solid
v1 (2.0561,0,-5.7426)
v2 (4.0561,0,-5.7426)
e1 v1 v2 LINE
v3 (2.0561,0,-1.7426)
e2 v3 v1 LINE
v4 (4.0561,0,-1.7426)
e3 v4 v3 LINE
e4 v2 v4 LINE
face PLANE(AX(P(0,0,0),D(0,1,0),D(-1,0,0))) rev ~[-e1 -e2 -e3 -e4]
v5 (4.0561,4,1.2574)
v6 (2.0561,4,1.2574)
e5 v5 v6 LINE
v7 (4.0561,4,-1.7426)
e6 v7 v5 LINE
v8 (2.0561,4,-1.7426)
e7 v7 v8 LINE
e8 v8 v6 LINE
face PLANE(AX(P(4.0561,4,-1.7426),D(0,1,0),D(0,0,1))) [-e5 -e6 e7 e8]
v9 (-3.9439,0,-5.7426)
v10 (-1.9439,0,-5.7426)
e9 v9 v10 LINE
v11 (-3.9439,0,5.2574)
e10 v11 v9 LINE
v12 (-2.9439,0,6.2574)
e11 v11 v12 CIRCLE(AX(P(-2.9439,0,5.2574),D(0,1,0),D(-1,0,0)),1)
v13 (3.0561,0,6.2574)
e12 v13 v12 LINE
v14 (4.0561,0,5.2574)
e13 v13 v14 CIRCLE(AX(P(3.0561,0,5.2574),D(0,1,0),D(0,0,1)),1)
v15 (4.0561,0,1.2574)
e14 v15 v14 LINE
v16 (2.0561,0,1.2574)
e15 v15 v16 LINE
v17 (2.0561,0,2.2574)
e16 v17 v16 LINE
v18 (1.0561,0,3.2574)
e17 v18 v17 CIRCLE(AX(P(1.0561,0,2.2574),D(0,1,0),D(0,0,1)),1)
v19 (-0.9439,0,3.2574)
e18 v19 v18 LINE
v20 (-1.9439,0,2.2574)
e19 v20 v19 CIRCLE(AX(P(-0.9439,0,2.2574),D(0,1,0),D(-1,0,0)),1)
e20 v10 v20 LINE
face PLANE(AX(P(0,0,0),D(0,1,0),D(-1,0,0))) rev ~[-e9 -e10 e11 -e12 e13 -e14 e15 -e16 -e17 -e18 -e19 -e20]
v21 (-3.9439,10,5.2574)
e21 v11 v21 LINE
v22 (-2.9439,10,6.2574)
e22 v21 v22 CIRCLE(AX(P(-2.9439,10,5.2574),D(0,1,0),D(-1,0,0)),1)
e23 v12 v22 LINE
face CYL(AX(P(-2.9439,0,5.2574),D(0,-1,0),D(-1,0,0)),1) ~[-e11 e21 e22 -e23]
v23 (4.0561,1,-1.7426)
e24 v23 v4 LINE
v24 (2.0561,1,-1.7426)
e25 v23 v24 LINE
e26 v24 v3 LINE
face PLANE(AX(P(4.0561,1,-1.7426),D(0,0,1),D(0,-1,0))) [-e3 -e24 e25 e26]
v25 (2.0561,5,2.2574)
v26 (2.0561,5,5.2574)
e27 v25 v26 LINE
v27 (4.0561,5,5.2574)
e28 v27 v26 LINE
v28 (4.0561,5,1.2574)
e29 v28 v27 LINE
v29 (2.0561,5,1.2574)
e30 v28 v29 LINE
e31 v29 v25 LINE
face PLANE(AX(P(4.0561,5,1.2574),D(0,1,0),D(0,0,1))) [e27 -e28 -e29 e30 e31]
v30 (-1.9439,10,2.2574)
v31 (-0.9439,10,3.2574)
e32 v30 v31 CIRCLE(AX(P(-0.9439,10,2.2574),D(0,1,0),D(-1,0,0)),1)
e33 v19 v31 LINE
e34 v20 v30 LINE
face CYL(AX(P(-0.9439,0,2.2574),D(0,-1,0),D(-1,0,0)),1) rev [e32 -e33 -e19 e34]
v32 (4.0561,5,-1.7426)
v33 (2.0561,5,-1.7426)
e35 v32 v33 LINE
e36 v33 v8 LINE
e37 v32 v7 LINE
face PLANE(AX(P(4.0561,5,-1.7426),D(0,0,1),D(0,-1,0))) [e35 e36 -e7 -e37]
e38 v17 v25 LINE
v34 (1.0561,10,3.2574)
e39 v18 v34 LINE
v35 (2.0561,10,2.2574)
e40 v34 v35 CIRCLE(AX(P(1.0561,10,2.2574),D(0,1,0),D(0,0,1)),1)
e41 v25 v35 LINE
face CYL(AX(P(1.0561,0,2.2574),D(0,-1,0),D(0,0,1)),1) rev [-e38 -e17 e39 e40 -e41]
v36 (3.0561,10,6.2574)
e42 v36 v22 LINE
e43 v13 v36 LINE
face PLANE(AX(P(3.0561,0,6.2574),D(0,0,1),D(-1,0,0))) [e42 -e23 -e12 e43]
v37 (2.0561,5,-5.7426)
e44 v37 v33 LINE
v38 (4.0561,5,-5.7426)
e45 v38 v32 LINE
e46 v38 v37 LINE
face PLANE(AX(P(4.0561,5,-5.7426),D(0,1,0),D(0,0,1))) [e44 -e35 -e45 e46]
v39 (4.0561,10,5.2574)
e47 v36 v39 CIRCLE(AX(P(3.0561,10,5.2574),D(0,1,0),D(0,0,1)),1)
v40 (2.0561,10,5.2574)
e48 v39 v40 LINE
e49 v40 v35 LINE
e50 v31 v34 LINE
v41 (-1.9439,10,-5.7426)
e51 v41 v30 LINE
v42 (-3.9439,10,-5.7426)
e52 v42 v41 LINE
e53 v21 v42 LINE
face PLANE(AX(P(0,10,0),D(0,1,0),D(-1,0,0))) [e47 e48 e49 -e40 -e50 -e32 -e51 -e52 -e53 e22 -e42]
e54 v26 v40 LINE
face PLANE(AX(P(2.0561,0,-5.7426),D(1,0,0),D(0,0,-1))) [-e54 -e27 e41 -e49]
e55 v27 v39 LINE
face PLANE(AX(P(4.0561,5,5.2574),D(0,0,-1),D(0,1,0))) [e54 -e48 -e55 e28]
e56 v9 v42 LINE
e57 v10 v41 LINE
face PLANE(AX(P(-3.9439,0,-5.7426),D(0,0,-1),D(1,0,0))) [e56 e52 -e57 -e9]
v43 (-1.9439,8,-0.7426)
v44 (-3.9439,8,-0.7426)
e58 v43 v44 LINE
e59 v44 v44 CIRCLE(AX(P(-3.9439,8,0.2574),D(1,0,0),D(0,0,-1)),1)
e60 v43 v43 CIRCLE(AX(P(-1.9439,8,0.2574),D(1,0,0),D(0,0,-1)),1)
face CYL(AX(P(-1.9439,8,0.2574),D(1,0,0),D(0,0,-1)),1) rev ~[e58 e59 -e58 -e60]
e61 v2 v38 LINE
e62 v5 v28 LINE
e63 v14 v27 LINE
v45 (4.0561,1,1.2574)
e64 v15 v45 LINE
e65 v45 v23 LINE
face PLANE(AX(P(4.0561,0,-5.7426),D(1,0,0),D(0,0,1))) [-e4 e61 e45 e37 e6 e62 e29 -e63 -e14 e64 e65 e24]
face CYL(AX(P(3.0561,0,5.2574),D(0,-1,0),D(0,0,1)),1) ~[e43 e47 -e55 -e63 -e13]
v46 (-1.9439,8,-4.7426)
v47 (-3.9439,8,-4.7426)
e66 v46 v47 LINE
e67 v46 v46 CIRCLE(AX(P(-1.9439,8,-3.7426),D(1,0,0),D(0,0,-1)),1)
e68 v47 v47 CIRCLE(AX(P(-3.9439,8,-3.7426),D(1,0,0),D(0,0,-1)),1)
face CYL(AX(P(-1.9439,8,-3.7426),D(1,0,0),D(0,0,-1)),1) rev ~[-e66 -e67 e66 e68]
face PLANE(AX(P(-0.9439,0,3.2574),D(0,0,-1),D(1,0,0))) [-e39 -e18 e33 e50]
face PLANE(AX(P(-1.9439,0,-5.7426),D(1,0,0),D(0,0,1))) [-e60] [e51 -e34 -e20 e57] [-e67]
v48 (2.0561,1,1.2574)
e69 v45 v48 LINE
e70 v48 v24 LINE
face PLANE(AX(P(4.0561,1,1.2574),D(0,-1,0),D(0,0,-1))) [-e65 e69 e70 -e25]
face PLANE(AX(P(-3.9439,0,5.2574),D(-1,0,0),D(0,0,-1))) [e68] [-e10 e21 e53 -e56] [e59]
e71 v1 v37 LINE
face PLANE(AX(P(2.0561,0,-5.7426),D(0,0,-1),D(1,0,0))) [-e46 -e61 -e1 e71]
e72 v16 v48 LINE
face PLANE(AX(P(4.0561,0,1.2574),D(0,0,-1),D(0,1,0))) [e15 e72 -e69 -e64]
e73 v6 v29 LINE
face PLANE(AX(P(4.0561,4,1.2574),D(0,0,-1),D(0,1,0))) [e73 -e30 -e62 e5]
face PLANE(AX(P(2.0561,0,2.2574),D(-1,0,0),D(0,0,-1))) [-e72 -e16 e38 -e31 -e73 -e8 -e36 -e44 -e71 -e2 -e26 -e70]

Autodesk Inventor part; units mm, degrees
ref_plane "YZ Plane" through (0, 0, 0) normal (1, 0, 0) x (0, 1, 0)
ref_plane "XZ Plane" through (0, 0, 0) normal (0, 1, 0) x (-1, 0, 0)
ref_plane "XY Plane" through (0, 0, 0) normal (0, 0, 1) x (1, 0, 0)
sketch "Sketch1" plane through (0, 0, 0) normal (0, 1, 0) x (-1, 0, 0)
  line L0 (-4.0561, -5.7426) -> (-4.0561, 5.2574)
  line L1 (-3.0561, 6.2574) -> (2.9439, 6.2574)
  line L2 (3.9439, 5.2574) -> (3.9439, -5.7426)
  line L3 (3.9439, -5.7426) -> (1.9439, -5.7426)
  line L4 (1.9439, -5.7426) -> (1.9439, 2.2574)
  line L5 (0.9439, 3.2574) -> (-1.0561, 3.2574)
  line L6 (-2.0561, 2.2574) -> (-2.0561, -5.7426)
  line L7 (-2.0561, -5.7426) -> (-4.0561, -5.7426)
  arc A0 (-1.0561, 3.2574) -> (-2.0561, 2.2574) centre (-1.0561, 2.2574) ccw
  arc A1 (1.9439, 2.2574) -> (0.9439, 3.2574) centre (0.9439, 2.2574) ccw
  arc A2 (-3.0561, 6.2574) -> (-4.0561, 5.2574) centre (-3.0561, 5.2574) ccw
  arc A3 (3.9439, 5.2574) -> (2.9439, 6.2574) centre (2.9439, 5.2574) ccw
  point P0 (0, 0)
  point P1 (-4.0561, 6.2574)
  point P2 (3.9439, 6.2574)
  point P3 (1.9439, 3.2574)
  point P4 (-2.0561, 3.2574)
  dimension "d0" = 12
  dimension "d1" = 2
  dimension "d2" = 2
  dimension "d3" = 8
  dimension "d4" = 3
  dimension "d20" = 1
extrude "Extrusion1" add sketch "Sketch1" along normal blind 10
sketch "Sketch4" plane through (4.0561, 0, -5.7426) normal (1, 0, 0) x (0, 0, -1)
  line L0 (0, 0) -> (0, 10) projected
  line L1 (0, 5) -> (-4, 5)
  line L2 (-4, 5) -> (-4, 4)
  line L3 (-4, 4) -> (-7, 4)
  line L4 (-7, 4) -> (-7, 5)
  line L5 (-7, 5) -> (-11, 5)
  line L6 (-11, 10) -> (0, 10) projected
  line L7 (-11, 0) -> (-11, 10) projected
  line L8 (-11, 5) -> (-11, 10)
  line L9 (0, 5) -> (0, 10)
  line L10 (0, 10) -> (-8, 10) projected
  line L11 (-11, 10) -> (0, 10)
  point P0 (-5.7426, 0)
  dimension "d32" = 5
  dimension "d33" = 1
  dimension "d34" = 4
  dimension "d35" = 4
extrude "Extrusion4" cut sketch "Sketch4" against normal up to surface (2 mm away)
sketch "Sketch5" plane through (4.0561, 0, 5.2574) normal (1, 0, 0) x (0, 0, -1)
  line L0 (0, 0) -> (0, 10) projected
  line L1 (11, 0) -> (11, 5) projected
  line L2 (4, 0) -> (4, 1)
  line L3 (4, 1) -> (7, 1)
  line L4 (7, 1) -> (7, 0)
  line L5 (7, 0) -> (4, 0)
  dimension "d39" = 1
  dimension "d40" = 4
  dimension "d41" = 4
extrude "Extrusion5" cut sketch "Sketch5" against normal up to surface (2 mm away)
sketch "Sketch6" plane through (-1.9439, 0, 2.2574) normal (1, 0, 0) x (0, 0, -1)
  circle A0 centre (2, 8) radius 1
  circle A1 centre (6, 8) radius 1
  line L0 (8, 0) -> (8, 10) projected
  line L1 (0, 10) -> (8, 10) projected
  point P0 (2.2574, 0)
  dimension "d44" = 2
  dimension "d45" = 2
  dimension "d46" = 2
  dimension "d47" = 6
  dimension "d48" = 2
  dimension "d49" = 2
extrude "Extrusion6" cut sketch "Sketch6" against normal up to next
properties part number "crochet"
